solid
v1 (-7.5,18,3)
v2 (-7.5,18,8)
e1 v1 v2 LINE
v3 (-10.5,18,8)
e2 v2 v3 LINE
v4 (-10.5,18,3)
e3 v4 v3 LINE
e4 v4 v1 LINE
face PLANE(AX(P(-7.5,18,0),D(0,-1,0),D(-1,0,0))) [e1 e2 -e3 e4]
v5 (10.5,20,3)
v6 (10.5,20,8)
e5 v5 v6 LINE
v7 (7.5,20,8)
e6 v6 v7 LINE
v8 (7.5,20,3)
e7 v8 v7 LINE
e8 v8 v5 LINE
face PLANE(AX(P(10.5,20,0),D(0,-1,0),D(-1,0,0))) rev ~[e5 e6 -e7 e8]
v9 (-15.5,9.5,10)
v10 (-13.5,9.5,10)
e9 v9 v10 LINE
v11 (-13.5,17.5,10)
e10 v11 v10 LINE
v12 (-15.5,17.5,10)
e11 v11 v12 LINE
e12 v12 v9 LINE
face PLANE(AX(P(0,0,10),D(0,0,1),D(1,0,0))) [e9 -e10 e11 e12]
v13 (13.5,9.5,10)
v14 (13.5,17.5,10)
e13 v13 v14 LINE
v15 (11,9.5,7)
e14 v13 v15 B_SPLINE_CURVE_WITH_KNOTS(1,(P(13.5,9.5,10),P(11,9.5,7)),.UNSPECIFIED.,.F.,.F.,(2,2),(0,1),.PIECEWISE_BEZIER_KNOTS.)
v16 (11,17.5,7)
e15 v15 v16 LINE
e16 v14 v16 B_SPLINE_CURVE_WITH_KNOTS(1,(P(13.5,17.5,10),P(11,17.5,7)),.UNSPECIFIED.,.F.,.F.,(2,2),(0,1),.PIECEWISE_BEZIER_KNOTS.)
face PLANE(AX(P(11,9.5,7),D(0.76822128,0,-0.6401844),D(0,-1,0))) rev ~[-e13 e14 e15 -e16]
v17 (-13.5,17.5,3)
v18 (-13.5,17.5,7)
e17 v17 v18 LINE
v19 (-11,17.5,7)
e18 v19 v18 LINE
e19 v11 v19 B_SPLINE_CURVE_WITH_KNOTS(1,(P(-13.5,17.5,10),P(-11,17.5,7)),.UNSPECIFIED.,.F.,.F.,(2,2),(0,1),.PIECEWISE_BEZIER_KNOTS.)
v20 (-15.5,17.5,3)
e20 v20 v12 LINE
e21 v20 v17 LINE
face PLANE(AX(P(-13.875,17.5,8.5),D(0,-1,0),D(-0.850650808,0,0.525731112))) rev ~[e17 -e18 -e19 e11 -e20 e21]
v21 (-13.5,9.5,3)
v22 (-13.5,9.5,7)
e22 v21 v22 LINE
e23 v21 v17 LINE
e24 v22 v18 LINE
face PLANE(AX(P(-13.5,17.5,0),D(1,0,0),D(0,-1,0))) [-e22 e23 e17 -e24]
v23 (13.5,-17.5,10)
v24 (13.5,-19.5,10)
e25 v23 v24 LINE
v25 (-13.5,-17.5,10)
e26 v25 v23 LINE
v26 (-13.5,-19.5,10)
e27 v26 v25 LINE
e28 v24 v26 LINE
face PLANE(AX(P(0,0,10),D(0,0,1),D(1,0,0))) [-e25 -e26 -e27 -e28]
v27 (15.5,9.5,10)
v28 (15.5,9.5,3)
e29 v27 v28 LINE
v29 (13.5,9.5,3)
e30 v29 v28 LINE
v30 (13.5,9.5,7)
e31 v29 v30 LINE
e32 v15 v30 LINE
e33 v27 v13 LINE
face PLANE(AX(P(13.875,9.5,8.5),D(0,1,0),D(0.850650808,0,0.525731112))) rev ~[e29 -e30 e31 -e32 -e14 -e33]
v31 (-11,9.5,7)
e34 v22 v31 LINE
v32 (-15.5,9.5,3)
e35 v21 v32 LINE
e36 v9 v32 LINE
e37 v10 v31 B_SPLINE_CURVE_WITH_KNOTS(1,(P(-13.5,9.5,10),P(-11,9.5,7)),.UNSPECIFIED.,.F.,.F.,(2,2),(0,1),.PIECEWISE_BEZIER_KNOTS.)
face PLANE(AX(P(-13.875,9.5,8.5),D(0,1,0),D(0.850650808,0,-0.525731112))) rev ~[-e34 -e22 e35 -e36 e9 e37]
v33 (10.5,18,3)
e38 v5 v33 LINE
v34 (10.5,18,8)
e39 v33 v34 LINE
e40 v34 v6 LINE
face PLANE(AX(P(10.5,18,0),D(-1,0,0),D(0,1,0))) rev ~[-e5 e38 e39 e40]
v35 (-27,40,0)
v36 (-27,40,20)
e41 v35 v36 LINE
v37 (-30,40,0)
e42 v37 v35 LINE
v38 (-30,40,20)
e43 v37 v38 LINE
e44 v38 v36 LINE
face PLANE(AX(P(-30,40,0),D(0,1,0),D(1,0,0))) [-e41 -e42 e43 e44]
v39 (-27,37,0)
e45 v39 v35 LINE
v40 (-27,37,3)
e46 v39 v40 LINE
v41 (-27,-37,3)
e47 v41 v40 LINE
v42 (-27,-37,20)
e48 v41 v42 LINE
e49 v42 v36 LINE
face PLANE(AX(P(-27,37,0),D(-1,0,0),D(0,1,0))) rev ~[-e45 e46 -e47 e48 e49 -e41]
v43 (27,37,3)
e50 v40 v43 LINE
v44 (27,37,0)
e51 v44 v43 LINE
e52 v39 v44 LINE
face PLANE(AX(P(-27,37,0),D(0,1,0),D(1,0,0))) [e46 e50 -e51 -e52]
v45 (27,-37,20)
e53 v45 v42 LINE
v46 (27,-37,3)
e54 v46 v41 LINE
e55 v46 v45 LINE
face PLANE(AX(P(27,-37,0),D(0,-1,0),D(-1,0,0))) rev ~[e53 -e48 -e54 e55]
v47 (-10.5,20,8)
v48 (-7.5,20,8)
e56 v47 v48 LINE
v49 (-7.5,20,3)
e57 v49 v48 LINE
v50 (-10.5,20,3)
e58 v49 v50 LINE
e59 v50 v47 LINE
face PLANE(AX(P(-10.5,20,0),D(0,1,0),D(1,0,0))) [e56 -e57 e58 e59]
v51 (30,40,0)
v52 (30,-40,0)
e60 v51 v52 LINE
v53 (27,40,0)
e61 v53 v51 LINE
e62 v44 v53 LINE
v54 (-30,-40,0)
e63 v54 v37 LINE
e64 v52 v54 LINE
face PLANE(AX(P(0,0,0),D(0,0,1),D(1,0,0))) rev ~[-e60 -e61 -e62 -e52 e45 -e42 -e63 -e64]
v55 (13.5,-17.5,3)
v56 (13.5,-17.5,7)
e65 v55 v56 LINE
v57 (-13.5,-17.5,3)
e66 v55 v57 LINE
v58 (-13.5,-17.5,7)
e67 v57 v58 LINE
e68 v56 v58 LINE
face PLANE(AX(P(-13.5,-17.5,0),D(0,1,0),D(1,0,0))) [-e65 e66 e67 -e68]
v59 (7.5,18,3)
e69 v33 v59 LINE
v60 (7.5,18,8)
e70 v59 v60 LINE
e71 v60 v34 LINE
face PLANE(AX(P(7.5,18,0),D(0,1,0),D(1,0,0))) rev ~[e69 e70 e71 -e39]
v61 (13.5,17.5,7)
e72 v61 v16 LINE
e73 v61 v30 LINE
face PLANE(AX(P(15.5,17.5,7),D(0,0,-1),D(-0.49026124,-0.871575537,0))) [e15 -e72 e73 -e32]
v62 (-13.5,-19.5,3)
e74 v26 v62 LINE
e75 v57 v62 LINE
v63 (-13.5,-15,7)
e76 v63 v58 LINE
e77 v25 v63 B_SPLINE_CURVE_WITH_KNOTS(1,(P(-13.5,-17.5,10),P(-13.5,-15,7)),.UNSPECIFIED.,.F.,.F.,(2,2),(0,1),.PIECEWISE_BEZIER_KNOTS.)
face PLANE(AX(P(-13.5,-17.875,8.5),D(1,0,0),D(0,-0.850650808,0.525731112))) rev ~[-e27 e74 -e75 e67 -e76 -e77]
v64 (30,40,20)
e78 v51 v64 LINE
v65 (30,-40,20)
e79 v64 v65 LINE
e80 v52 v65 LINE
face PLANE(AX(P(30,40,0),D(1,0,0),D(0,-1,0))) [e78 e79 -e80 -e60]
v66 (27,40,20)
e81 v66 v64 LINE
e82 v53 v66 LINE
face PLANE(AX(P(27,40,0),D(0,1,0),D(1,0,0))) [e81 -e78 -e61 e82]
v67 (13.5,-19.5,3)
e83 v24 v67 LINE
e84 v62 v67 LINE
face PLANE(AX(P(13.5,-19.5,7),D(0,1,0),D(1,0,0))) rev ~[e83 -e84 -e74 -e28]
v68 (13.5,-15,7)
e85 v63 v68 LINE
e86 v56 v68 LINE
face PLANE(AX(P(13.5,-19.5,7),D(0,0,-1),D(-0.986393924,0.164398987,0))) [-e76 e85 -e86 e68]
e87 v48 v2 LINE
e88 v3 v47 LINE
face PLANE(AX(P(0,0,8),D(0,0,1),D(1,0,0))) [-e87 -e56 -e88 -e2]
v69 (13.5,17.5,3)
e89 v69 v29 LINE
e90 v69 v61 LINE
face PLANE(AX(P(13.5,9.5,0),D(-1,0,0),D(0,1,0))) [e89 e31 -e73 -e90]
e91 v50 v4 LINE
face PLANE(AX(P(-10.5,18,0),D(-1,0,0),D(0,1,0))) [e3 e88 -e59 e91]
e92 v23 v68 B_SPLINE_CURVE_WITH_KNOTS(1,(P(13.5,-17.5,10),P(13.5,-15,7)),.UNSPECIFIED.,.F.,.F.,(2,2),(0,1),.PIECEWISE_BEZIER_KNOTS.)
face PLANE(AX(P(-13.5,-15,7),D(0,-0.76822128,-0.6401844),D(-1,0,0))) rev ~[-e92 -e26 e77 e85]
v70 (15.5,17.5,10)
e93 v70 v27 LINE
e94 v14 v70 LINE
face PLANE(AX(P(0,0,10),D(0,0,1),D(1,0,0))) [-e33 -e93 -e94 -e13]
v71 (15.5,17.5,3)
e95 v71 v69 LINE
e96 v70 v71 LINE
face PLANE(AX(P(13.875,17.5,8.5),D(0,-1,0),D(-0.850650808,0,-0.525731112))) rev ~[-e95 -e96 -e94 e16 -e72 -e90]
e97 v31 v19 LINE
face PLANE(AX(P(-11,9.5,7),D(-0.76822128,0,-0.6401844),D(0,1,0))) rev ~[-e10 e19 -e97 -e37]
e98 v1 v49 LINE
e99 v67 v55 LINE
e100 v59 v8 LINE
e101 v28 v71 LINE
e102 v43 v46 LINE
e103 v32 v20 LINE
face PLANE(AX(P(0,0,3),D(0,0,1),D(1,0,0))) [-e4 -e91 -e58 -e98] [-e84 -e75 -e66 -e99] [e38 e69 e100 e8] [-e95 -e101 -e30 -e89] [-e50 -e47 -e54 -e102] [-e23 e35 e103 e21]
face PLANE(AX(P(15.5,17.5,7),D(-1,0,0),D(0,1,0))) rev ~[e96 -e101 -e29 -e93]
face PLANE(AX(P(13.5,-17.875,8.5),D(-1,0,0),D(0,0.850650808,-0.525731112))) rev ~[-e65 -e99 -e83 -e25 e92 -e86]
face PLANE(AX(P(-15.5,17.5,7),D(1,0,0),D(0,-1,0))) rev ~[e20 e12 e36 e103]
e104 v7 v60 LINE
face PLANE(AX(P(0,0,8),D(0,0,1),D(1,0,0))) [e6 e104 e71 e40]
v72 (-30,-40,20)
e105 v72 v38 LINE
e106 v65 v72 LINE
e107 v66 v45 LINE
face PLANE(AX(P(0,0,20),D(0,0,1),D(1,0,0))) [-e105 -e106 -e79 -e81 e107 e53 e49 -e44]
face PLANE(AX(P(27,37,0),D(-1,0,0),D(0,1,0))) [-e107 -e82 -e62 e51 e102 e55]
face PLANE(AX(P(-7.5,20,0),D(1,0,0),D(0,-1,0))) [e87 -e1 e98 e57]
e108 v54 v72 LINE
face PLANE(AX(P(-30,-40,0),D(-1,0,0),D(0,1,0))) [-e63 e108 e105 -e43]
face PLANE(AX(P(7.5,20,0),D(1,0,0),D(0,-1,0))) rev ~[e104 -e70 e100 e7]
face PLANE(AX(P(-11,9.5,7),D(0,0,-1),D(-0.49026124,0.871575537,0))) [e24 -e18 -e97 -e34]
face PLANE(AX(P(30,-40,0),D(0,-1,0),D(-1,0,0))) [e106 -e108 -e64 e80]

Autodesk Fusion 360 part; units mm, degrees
sketch "Sketch1" plane through (0, 0, 0) normal (0, 0, 1) x (1, 0, 0)
  line L0 (30, -40) -> (-30, -40)
  line L1 (-30, -40) -> (-30, 40)
  line L2 (-27, 40) -> (27, 40)
  line L3 (30, 40) -> (30, -40)
  line L4 (30, -40) -> (-30, 40) construction
  line L5 (-30, -40) -> (30, 40) construction
  line L6 (27, -37) -> (-27, -37)
  line L7 (-27, -37) -> (-27, 37)
  line L8 (-27, 37) -> (27, 37)
  line L9 (27, 37) -> (27, -37)
  line L10 (27, 37) -> (27, 40)
  line L11 (-27, 37) -> (-27, 40)
  line L12 (27, 40) -> (30, 40)
  line L13 (-30, 40) -> (-27, 40)
  line L14 (13.5, 17.5) -> (-13.5, 17.5)
  line L15 (-13.5, 17.5) -> (-13.5, -17.5)
  line L16 (-13.5, -17.5) -> (13.5, -17.5)
  line L17 (13.5, -17.5) -> (13.5, 17.5)
  line L18 (13.5, 17.5) -> (-13.5, -17.5) construction
  line L19 (-13.5, 17.5) -> (13.5, -17.5) construction
  line L20 (-13.5, -17.5) -> (13.5, -17.5)
  line L21 (13.5, -17.5) -> (13.5, -19.5)
  line L22 (13.5, -19.5) -> (-13.5, -19.5)
  line L23 (-13.5, -19.5) -> (-13.5, -17.5)
  line L24 (13.5, 17.5) -> (15.5, 17.5)
  line L25 (15.5, 17.5) -> (15.5, 9.5)
  line L26 (15.5, 9.5) -> (13.5, 9.5)
  line L27 (13.5, 9.5) -> (13.5, 17.5)
  line L28 (-13.5, 17.5) -> (-15.5, 17.5)
  line L29 (-15.5, 17.5) -> (-15.5, 9.5)
  line L30 (-15.5, 9.5) -> (-13.5, 9.5)
  line L31 (-13.5, 9.5) -> (-13.5, 17.5)
  line L32 (7.5, 18) -> (10.5, 18)
  line L33 (10.5, 18) -> (10.5, 20)
  line L34 (10.5, 20) -> (7.5, 20)
  line L35 (7.5, 20) -> (7.5, 18)
  line L36 (7.5, 18) -> (10.5, 20) construction
  line L37 (10.5, 18) -> (7.5, 20) construction
  line L38 (0, 10) -> (0, 29)
  line L39 (-7.5, 20) -> (-7.5, 18)
  line L40 (-10.5, 20) -> (-7.5, 20)
  line L41 (-7.5, 18) -> (-10.5, 18)
  line L42 (-7.5, 18) -> (-10.5, 20) construction
  line L43 (-10.5, 18) -> (-10.5, 20)
  line L44 (-10.5, 18) -> (-7.5, 20) construction
  point P0 (9, 19)
  point P1 (-9, 19)
  dimension "d1" = 60
  dimension "d2" = 80
  dimension "d8" = 27
  dimension "d9" = 35
  dimension "d10" = 2
  dimension "d11" = 2
  dimension "d12" = 8
  dimension "d13" = 2
  dimension "d14" = 8
  dimension "d24" = 3
  dimension "d25" = 2
extrude "Extrude1" add sketch "Sketch1" along normal blind 3 contours L6 L7 L8 L9 | L14 L15 L16 L17 L20 L27 L31 | L17 L24 L25 L26 L27 | L15 L28 L29 L30 L31 | L16 L20 L21 L22 L23 | L32 L33 L34 L35 | L39 L40 L41 L43
extrude "Extrude2" add sketch "Sketch1" along normal blind 20 contours L0 L1 L3 L6 L7 L9 L10 L11 L12 L13
extrude "Extrude3" add sketch "Sketch1" along normal blind 10 contours L17 L24 L25 L26 L27 | L15 L28 L29 L30 L31 | L16 L20 L21 L22 L23
ref_plane "WorkPlane1" through (14.5, 13.5, 7) normal (0, 0, 1) x (1, 0, 0)
sketch "Sketch2" plane through (0, 0, 7) normal (0, 0, 1) x (1, 0, 0)
  line L0 (15.5, 9.5) -> (13.5, 9.5)
  line L1 (15.5, 17.5) -> (15.5, 9.5)
  line L2 (13.5, 9.5) -> (13.5, 17.5)
  line L3 (13.5, 17.5) -> (15.5, 17.5)
  line L4 (-15.5, 17.5) -> (-15.5, 9.5)
  line L5 (-13.5, 9.5) -> (-13.5, 17.5)
  line L6 (-15.5, 9.5) -> (-13.5, 9.5)
  line L7 (-13.5, 17.5) -> (-15.5, 17.5)
  line L8 (-13.5, 9.5) -> (-13.5, 17.5)
  line L9 (-13.5, 17.5) -> (-15.5, 17.5)
  line L10 (-15.5, 17.5) -> (-15.5, 9.5)
  line L11 (-15.5, 9.5) -> (-13.5, 9.5)
  line L12 (-13.5, -17.5) -> (13.5, -17.5)
  line L13 (13.5, -19.5) -> (-13.5, -19.5)
  line L14 (13.5, -17.5) -> (13.5, -19.5)
  line L15 (-13.5, -19.5) -> (-13.5, -17.5)
  line L16 (15.5, 9.5) -> (11, 9.5)
  line L17 (11, 9.5) -> (11, 17.5)
  line L18 (11, 17.5) -> (15.5, 17.5)
  line L19 (15.5, 17.5) -> (15.5, 9.5)
  line L20 (-13.5, 9.5) -> (-11, 9.5)
  line L21 (-11, 9.5) -> (-11, 17.5)
  line L22 (-11, 17.5) -> (-13.5, 17.5)
  line L23 (-13.5, 17.5) -> (-13.5, 9.5)
  line L24 (13.5, -17.5) -> (-13.5, -17.5)
  line L25 (-13.5, -17.5) -> (-13.5, -15)
  line L26 (-13.5, -15) -> (13.5, -15)
  line L27 (13.5, -15) -> (13.5, -17.5)
  dimension "d18" = 4.5
  dimension "d19" = 8
  dimension "d20" = 2.5
  dimension "d21" = 8
  dimension "d22" = 27
  dimension "d23" = 2.5
loft "Loft1" add profiles "Sketch2" section 1 face at (-4.5, -18.1667, 10) section 2 contours L12 L24 L25 L26 L27 | L12 L13 L14 L15 L24
loft "Loft2" add profiles "Sketch2" section 1 face at (14.8333, 14.8333, 10) section 2 contours L0 L1 L2 L3 L16 L18 L19 | L2 L16 L17 L18
loft "Loft3" add profiles "Sketch2" section 1 face at (-14.1667, 12.1667, 10) section 2 contours L4 L5 L6 L7 L8 L9 L10 L11 L23 | L5 L8 L20 L21 L22 L23
extrude "Extrude4" add sketch "Sketch1" along normal blind 8 contours L32 L33 L34 L35 | L39 L40 L41 L43
